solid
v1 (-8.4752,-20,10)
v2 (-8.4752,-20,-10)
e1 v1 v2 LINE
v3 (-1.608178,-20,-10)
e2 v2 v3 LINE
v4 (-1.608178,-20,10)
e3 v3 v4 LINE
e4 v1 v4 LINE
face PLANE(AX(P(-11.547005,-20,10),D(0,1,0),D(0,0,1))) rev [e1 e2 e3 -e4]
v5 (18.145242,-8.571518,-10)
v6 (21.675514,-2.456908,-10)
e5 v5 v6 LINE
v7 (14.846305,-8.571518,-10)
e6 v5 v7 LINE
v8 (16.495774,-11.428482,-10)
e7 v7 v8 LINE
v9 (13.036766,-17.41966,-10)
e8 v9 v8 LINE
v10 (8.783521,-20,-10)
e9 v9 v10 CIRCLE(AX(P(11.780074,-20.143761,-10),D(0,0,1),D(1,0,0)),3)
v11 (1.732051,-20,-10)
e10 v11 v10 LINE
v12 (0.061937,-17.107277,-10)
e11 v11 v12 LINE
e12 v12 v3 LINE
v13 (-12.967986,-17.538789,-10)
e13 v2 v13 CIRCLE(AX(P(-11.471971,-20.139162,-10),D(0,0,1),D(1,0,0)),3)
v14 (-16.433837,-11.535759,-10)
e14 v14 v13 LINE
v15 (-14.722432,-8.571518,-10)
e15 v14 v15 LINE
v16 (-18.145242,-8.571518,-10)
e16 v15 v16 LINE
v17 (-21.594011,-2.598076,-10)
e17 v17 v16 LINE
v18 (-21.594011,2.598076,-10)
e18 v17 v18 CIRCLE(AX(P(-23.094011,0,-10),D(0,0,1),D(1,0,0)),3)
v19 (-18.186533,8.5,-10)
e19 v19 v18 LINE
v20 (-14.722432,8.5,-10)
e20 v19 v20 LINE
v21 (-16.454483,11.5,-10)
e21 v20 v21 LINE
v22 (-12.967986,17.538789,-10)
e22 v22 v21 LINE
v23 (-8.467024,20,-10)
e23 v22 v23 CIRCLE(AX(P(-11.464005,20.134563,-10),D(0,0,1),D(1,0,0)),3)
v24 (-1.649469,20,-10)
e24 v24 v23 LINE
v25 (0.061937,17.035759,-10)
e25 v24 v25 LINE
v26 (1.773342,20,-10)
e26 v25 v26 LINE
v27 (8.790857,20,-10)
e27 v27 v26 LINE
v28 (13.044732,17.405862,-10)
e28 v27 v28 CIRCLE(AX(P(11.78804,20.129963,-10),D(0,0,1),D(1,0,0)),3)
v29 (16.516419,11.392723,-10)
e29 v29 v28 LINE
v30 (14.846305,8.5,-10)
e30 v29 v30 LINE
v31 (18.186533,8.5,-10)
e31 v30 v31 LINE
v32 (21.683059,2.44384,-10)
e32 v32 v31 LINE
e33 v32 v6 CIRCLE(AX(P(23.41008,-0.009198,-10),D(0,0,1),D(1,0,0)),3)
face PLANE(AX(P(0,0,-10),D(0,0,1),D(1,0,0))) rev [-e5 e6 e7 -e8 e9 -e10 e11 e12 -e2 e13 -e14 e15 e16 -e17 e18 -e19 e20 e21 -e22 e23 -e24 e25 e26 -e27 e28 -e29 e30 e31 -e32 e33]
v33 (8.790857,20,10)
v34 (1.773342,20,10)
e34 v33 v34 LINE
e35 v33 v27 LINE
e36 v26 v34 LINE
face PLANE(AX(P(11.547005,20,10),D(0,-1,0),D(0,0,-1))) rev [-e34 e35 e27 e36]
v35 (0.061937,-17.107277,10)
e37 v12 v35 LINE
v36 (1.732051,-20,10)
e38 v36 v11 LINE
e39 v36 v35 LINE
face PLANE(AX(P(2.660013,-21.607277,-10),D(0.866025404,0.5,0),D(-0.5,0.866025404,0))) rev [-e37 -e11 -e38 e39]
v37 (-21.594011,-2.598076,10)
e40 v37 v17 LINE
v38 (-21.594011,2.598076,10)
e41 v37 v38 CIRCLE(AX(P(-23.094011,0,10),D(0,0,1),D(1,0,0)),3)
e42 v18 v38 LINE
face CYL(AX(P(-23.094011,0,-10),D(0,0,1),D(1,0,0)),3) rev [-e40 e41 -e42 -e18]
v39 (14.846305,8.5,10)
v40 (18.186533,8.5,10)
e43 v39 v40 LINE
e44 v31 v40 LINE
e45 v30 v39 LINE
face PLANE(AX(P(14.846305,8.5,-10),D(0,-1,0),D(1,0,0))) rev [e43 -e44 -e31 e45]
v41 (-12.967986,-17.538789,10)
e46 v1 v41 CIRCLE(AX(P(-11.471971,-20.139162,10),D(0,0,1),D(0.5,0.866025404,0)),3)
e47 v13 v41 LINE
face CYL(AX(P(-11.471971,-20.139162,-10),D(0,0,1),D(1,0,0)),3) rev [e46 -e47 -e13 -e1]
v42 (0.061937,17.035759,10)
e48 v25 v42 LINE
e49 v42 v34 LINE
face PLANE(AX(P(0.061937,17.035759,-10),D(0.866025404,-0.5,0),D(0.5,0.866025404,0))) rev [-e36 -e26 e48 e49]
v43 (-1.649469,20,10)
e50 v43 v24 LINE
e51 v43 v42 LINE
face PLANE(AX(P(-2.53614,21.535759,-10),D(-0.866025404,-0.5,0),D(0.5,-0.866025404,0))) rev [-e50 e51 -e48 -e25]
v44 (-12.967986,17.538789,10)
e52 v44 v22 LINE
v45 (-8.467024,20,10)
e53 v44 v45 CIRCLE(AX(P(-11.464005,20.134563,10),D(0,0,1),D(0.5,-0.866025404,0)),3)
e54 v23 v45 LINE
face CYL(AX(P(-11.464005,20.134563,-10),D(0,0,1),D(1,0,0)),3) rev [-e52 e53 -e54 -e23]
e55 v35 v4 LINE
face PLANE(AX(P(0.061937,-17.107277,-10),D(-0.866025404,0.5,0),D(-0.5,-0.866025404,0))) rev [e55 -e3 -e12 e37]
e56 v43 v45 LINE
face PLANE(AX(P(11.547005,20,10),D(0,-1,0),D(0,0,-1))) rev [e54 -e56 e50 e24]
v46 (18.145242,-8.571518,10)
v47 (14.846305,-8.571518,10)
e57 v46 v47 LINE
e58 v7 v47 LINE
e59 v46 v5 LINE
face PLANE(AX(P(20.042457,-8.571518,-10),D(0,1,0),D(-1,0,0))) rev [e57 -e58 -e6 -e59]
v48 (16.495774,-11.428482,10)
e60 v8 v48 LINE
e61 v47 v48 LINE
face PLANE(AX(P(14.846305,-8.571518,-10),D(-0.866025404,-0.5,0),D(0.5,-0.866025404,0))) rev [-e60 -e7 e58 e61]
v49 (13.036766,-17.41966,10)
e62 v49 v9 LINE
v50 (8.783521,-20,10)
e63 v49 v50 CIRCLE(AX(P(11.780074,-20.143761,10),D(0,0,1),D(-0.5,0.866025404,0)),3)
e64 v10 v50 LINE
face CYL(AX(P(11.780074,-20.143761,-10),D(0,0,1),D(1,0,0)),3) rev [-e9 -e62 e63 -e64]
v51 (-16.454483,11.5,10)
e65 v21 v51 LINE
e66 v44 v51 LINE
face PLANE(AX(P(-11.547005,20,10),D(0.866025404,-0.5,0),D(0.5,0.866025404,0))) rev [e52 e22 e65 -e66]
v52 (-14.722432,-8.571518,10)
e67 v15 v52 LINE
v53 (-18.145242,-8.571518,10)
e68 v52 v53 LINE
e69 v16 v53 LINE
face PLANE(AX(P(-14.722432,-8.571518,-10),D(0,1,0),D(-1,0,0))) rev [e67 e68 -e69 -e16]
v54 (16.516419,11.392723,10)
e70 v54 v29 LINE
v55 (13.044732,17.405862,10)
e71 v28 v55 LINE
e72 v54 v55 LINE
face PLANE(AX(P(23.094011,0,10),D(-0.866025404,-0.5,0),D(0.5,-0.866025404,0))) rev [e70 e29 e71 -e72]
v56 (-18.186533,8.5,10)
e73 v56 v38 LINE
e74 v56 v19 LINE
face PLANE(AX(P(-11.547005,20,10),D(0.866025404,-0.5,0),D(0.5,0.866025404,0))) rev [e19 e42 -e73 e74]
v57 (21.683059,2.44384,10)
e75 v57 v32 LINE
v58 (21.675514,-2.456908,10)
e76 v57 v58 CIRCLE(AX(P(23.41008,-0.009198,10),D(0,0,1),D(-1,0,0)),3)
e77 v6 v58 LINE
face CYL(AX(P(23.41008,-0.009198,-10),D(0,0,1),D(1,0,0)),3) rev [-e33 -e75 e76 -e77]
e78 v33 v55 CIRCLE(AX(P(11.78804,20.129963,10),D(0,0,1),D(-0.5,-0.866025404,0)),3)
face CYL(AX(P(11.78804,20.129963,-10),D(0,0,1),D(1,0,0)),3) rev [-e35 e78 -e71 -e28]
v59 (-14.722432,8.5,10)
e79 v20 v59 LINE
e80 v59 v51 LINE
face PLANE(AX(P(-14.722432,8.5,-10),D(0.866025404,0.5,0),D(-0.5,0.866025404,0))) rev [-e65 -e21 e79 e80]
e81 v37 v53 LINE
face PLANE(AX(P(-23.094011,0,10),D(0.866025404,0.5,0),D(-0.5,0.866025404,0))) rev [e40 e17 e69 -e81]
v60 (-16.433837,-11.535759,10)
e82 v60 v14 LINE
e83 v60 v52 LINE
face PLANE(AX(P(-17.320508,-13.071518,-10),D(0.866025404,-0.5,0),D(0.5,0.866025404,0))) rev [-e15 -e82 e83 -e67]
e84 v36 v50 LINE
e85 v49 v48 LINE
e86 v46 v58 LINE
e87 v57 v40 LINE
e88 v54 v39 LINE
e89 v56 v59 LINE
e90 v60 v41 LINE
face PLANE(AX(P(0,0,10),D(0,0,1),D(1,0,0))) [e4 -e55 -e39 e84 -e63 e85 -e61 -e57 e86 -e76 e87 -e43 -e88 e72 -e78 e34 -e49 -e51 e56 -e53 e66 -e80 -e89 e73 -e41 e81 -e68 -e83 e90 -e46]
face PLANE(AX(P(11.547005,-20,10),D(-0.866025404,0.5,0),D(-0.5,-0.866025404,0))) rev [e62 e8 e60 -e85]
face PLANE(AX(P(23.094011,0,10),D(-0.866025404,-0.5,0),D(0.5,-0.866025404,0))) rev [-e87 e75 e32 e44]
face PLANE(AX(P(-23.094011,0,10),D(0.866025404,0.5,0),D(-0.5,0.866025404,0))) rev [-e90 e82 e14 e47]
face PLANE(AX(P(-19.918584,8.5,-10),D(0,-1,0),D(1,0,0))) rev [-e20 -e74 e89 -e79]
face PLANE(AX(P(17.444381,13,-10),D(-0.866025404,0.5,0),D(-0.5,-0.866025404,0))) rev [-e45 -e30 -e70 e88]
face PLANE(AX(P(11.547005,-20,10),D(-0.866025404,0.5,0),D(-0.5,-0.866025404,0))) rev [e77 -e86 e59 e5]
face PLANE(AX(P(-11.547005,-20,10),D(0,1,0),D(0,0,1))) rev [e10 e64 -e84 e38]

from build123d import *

# Parameters (mm, degrees)
EXTRUDE_1_DEPTH          = 10
CUT_EXTRUDE_1_DEPTH      = 20
PATTERN_CIRCULAR_1_COUNT = 6
SKETCH_3_R               = 3
CUT_EXTRUDE_2_DEPTH      = 20
PATTERN_CIRCULAR_2_COUNT = 6


with BuildPart() as part:
    # 草图1 → 凸台-拉伸1 (new, symmetric)
    with BuildSketch(Plane.XY):
        Polygon((23.094010768, 0), (11.547005384, 20), (-11.547005384, 20), (-23.094010768, 0), (-11.547005384, -20), (11.547005384, -20), align=None)
    extrude(amount=EXTRUDE_1_DEPTH, both=True)

    # 草图2 → 切除-拉伸1 (cut)
    with BuildSketch(Plane.XY.offset(10)):
        Polygon((-14.722431864, 8.5), (-17.320508076, 13), (-19.918584287, 8.5), align=None)
    cut_extrude_1 = extrude(amount=-CUT_EXTRUDE_1_DEPTH, mode=Mode.SUBTRACT)

    # 阵列(圆周)1: 切除-拉伸1 ×6 about axis
    pattern_circular_1_axis = Axis((0.061936572, -0.035759097, 0), (0, 0, 1))
    for i in range(1, PATTERN_CIRCULAR_1_COUNT):
        add(cut_extrude_1.rotate(pattern_circular_1_axis, i * 360 / PATTERN_CIRCULAR_1_COUNT), mode=Mode.SUBTRACT)

    # 草图3 → 切除-拉伸2 (cut)
    with BuildSketch(Plane.XY.offset(10)):
        with Locations((-23.094010768, 0)):
            Circle(SKETCH_3_R)
    cut_extrude_2 = extrude(amount=-CUT_EXTRUDE_2_DEPTH, mode=Mode.SUBTRACT)

    # 阵列(圆周)2: 切除-拉伸2 ×6 about axis
    pattern_circular_2_axis = Axis((0.158034709, -0.00459912, 0), (0, 0, 1))
    for i in range(1, PATTERN_CIRCULAR_2_COUNT):
        add(cut_extrude_2.rotate(pattern_circular_2_axis, i * 360 / PATTERN_CIRCULAR_2_COUNT), mode=Mode.SUBTRACT)


solid = part.part
